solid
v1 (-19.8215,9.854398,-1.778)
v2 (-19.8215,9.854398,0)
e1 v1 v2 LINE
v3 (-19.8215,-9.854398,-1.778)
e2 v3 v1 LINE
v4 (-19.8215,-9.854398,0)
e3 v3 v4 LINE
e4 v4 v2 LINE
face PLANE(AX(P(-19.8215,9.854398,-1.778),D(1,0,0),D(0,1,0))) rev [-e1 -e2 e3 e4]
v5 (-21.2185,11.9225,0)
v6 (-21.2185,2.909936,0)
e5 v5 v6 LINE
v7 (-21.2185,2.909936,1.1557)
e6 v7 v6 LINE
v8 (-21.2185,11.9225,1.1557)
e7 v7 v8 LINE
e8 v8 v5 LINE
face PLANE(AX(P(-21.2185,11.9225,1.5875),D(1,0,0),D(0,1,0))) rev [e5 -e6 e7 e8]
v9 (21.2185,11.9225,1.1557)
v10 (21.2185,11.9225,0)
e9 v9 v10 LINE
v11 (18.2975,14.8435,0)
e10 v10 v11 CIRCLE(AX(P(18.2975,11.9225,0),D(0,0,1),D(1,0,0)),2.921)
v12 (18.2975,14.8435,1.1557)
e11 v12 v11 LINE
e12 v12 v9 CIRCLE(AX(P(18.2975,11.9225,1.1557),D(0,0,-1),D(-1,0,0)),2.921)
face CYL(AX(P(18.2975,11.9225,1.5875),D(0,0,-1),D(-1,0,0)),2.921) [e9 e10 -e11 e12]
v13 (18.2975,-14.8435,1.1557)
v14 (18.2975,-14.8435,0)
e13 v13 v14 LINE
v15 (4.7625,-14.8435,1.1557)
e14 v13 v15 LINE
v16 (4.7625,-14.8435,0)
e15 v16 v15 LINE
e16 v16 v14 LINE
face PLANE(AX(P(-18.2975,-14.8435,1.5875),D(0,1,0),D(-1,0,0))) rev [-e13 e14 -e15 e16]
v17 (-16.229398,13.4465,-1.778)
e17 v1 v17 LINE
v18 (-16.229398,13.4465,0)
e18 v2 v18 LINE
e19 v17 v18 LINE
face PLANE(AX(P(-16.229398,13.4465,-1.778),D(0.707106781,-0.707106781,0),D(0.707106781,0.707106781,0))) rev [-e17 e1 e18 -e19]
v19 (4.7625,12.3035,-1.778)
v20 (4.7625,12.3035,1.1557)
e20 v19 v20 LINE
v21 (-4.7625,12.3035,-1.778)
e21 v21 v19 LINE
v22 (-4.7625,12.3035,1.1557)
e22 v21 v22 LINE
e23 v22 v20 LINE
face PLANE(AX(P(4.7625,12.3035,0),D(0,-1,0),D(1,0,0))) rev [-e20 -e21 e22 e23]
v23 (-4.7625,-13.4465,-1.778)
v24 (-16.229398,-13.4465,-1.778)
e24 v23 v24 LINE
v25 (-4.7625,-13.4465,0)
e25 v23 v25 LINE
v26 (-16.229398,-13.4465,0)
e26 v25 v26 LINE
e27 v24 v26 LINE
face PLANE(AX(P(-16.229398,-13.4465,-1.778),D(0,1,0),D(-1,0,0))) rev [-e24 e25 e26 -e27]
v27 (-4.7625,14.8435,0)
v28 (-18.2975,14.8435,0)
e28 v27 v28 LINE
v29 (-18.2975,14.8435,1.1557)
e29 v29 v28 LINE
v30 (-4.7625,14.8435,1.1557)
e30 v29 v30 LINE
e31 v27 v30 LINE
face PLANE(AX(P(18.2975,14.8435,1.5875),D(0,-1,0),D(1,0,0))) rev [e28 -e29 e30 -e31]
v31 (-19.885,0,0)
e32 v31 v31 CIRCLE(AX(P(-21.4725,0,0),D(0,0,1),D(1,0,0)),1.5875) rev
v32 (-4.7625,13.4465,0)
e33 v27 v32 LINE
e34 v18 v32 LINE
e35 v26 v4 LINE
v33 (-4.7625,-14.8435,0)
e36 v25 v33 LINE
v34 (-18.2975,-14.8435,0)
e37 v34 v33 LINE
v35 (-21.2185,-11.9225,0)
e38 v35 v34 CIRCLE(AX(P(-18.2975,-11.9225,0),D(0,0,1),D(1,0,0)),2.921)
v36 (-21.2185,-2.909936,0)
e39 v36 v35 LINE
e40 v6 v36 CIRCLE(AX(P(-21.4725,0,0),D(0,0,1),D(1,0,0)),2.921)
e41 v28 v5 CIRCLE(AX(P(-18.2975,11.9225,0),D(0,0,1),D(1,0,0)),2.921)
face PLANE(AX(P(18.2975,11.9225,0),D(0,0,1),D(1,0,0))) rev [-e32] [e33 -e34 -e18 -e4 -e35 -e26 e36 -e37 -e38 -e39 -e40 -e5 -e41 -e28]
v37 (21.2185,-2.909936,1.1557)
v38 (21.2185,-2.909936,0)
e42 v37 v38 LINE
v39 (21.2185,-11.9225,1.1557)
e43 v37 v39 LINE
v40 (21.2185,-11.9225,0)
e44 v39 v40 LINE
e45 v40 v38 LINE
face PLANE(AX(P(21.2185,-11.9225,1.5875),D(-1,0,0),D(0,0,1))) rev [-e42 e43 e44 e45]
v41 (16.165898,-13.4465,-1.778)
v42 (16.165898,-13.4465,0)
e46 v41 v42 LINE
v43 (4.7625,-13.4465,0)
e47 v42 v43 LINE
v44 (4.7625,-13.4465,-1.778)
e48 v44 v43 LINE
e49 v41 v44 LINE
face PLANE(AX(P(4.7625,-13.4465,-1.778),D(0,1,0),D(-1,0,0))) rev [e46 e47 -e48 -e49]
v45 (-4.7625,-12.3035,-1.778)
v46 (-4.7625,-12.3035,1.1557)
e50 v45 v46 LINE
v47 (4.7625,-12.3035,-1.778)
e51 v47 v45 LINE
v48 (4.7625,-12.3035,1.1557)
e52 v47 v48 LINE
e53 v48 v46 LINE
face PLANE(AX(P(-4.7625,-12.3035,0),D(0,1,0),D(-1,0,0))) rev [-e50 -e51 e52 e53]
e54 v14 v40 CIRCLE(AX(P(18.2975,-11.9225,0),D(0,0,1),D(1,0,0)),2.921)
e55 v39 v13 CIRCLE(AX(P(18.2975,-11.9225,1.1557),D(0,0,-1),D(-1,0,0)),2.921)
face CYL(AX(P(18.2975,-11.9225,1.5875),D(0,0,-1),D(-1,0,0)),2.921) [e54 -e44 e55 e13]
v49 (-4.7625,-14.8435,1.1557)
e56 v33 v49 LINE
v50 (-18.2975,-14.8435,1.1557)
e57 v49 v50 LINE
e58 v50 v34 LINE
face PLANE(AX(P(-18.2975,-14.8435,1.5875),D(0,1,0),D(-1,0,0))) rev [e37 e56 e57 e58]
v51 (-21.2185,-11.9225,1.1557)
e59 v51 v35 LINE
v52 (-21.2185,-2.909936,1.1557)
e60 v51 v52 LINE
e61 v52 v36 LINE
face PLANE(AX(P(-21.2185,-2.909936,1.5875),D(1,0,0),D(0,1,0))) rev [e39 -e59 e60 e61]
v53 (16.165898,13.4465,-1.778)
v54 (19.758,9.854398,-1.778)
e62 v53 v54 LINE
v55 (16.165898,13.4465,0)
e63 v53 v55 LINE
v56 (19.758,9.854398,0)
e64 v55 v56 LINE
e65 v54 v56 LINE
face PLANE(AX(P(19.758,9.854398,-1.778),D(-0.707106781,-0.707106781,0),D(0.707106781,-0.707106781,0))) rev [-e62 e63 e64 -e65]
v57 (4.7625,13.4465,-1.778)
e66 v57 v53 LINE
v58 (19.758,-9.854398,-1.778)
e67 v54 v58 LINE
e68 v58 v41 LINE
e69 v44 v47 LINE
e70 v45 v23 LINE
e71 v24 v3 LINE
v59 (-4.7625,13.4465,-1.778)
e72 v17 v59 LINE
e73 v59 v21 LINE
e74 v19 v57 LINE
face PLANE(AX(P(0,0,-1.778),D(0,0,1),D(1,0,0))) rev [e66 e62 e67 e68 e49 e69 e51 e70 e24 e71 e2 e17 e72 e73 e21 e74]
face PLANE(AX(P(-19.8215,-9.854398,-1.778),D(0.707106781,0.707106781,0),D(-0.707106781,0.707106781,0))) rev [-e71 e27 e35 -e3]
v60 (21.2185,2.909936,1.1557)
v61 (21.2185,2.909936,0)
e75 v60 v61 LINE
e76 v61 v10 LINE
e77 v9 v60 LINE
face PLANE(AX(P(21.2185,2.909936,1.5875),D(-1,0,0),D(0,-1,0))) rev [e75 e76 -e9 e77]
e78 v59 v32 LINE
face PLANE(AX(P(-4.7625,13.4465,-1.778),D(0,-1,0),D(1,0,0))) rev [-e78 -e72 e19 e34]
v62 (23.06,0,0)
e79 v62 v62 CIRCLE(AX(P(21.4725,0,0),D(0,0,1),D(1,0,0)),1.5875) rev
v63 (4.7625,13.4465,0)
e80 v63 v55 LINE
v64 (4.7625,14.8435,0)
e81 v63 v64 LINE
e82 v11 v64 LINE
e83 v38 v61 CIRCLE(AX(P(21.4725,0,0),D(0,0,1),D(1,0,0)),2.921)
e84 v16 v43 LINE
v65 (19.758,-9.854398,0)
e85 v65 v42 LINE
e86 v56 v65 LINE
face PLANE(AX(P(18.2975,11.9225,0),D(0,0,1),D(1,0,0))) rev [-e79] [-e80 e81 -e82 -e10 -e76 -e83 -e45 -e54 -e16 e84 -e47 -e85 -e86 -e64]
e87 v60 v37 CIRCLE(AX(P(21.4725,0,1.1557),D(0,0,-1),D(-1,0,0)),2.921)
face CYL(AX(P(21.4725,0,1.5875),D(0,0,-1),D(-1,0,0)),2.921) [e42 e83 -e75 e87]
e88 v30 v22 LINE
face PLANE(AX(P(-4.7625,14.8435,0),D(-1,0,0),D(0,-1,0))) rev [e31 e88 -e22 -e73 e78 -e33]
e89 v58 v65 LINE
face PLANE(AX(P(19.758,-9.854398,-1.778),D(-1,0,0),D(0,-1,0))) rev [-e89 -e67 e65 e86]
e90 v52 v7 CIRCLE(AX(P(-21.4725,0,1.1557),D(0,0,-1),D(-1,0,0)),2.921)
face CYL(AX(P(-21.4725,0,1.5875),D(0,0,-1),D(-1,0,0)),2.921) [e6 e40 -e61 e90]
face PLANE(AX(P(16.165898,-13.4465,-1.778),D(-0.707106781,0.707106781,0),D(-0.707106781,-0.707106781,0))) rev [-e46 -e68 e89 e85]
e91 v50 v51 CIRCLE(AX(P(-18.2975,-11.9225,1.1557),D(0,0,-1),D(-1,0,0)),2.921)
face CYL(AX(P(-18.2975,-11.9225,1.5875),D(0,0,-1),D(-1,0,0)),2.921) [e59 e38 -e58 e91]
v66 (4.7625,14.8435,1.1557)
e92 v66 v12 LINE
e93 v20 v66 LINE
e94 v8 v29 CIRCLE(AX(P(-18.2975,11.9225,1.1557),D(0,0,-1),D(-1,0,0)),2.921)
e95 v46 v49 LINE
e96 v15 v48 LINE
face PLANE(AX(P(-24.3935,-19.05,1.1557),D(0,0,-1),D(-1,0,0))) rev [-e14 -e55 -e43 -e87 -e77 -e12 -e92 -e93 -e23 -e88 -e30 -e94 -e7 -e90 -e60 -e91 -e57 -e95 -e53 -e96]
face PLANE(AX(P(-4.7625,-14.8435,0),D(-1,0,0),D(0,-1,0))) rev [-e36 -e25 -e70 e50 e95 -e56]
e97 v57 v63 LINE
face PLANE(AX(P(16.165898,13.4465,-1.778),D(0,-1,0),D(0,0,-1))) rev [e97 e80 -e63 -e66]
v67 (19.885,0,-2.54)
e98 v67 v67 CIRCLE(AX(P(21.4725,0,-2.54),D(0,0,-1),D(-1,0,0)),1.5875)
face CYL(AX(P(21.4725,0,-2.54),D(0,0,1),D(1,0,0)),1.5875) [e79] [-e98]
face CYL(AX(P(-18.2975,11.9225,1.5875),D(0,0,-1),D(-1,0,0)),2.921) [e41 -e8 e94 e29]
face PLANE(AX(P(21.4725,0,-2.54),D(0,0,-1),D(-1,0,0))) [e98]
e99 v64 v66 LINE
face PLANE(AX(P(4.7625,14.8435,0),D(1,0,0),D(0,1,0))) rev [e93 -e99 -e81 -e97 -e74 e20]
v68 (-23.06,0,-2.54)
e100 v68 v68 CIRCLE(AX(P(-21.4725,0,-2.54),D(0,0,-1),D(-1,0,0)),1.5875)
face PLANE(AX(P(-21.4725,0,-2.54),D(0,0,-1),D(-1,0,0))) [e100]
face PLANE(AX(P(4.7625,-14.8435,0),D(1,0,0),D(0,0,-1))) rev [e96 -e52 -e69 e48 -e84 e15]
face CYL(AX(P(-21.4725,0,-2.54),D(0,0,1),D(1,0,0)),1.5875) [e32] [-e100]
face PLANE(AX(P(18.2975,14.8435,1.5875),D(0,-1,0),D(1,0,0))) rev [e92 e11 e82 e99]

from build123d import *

# Parameters (mm, degrees)
BOSS_EXTRUDE1_DEPTH = 1.5875
SKETCH3_W           = 9.525
SKETCH3_H           = 2.54
CUT_EXTRUDE1_DEPTH  = 29.598819744
SKETCH4_R           = 1.5875
BOSS_EXTRUDE2_DEPTH = 2.54
BOSS_EXTRUDE3_DEPTH = 1.778
SKETCH6_W           = 48.787
SKETCH6_H           = 0.4318
CUT_EXTRUDE2_DEPTH  = 19.05


with BuildPart() as part:
    # Sketch2 → Boss-Extrude1 (new body)
    with BuildSketch(Plane.XY):
        with BuildLine():
            Line((21.2185, 2.909935566), (21.2185, 11.9225))
            ThreePointArc((21.2185, 11.9225), (20.362958908, 13.987958908), (18.2975, 14.8435))
            Line((18.2975, 14.8435), (-18.2975, 14.8435))
            ThreePointArc((-18.2975, 14.8435), (-20.362958908, 13.987958908), (-21.2185, 11.9225))
            Line((-21.2185, 11.9225), (-21.2185, 2.909935566))
            ThreePointArc((-21.2185, 2.909935566), (-24.3935, 0), (-21.2185, -2.909935566))
            Line((-21.2185, -2.909935566), (-21.2185, -11.9225))
            ThreePointArc((-21.2185, -11.9225), (-20.362958908, -13.987958908), (-18.2975, -14.8435))
            Line((-18.2975, -14.8435), (18.2975, -14.8435))
            ThreePointArc((18.2975, -14.8435), (20.362958908, -13.987958908), (21.2185, -11.9225))
            Line((21.2185, -11.9225), (21.2185, -2.909935566))
            ThreePointArc((21.2185, -2.909935566), (24.3935, 0), (21.2185, 2.909935566))
        make_face()
    extrude(amount=BOSS_EXTRUDE1_DEPTH)

    # Sketch3 → Cut-Extrude1 (cut, through all)
    with BuildSketch(Plane.XY.offset(1.5875)):
        with Locations((0, -13.5735)):
            Rectangle(SKETCH3_W, SKETCH3_H)
        with Locations((0, 13.5735)):
            Rectangle(SKETCH3_W, SKETCH3_H)
    extrude(amount=-CUT_EXTRUDE1_DEPTH, mode=Mode.SUBTRACT)

    # Sketch4 → Boss-Extrude2 (add)
    with BuildSketch(Plane(origin=(0, 0, 0), x_dir=(-1, 0, 0), z_dir=(0, 0, -1))):
        with Locations(Location((-21.4725, 0, 0), (0, 0, 180))):
            Circle(SKETCH4_R)
        with Locations(Location((21.4725, 0, 0), (0, 0, 180))):
            Circle(SKETCH4_R)
    extrude(amount=BOSS_EXTRUDE2_DEPTH)

    # Sketch5 → Boss-Extrude3 (add)
    with BuildSketch(Plane(origin=(0, 0, 0), x_dir=(-1, 0, 0), z_dir=(0, 0, -1))):
        Polygon((-19.757999981, 9.854397583), (-16.165897533, 13.446500031), (-4.7625, 13.446500031), (-4.7625, 12.3035), (4.7625, 12.3035), (4.7625, 13.446500031), (16.229397533, 13.446500031), (19.821499981, 9.854397583), (19.821499981, -9.854397583), (16.229397533, -13.446500031), (4.7625, -13.446500031), (4.7625, -12.3035), (-4.7625, -12.3035), (-4.7625, -13.446500031), (-16.165897533, -13.446500031), (-19.757999981, -9.854397583), align=None)
    extrude(amount=BOSS_EXTRUDE3_DEPTH)

    # Sketch6 → Cut-Extrude2 (cut, symmetric)
    with BuildSketch(Plane(origin=(0, 0, 0), x_dir=(1, 0, 0), z_dir=(0, 1, 0))):
        with Locations((0, -1.3716)):
            Rectangle(SKETCH6_W, SKETCH6_H)
    extrude(amount=CUT_EXTRUDE2_DEPTH, both=True, mode=Mode.SUBTRACT)


solid = part.part
